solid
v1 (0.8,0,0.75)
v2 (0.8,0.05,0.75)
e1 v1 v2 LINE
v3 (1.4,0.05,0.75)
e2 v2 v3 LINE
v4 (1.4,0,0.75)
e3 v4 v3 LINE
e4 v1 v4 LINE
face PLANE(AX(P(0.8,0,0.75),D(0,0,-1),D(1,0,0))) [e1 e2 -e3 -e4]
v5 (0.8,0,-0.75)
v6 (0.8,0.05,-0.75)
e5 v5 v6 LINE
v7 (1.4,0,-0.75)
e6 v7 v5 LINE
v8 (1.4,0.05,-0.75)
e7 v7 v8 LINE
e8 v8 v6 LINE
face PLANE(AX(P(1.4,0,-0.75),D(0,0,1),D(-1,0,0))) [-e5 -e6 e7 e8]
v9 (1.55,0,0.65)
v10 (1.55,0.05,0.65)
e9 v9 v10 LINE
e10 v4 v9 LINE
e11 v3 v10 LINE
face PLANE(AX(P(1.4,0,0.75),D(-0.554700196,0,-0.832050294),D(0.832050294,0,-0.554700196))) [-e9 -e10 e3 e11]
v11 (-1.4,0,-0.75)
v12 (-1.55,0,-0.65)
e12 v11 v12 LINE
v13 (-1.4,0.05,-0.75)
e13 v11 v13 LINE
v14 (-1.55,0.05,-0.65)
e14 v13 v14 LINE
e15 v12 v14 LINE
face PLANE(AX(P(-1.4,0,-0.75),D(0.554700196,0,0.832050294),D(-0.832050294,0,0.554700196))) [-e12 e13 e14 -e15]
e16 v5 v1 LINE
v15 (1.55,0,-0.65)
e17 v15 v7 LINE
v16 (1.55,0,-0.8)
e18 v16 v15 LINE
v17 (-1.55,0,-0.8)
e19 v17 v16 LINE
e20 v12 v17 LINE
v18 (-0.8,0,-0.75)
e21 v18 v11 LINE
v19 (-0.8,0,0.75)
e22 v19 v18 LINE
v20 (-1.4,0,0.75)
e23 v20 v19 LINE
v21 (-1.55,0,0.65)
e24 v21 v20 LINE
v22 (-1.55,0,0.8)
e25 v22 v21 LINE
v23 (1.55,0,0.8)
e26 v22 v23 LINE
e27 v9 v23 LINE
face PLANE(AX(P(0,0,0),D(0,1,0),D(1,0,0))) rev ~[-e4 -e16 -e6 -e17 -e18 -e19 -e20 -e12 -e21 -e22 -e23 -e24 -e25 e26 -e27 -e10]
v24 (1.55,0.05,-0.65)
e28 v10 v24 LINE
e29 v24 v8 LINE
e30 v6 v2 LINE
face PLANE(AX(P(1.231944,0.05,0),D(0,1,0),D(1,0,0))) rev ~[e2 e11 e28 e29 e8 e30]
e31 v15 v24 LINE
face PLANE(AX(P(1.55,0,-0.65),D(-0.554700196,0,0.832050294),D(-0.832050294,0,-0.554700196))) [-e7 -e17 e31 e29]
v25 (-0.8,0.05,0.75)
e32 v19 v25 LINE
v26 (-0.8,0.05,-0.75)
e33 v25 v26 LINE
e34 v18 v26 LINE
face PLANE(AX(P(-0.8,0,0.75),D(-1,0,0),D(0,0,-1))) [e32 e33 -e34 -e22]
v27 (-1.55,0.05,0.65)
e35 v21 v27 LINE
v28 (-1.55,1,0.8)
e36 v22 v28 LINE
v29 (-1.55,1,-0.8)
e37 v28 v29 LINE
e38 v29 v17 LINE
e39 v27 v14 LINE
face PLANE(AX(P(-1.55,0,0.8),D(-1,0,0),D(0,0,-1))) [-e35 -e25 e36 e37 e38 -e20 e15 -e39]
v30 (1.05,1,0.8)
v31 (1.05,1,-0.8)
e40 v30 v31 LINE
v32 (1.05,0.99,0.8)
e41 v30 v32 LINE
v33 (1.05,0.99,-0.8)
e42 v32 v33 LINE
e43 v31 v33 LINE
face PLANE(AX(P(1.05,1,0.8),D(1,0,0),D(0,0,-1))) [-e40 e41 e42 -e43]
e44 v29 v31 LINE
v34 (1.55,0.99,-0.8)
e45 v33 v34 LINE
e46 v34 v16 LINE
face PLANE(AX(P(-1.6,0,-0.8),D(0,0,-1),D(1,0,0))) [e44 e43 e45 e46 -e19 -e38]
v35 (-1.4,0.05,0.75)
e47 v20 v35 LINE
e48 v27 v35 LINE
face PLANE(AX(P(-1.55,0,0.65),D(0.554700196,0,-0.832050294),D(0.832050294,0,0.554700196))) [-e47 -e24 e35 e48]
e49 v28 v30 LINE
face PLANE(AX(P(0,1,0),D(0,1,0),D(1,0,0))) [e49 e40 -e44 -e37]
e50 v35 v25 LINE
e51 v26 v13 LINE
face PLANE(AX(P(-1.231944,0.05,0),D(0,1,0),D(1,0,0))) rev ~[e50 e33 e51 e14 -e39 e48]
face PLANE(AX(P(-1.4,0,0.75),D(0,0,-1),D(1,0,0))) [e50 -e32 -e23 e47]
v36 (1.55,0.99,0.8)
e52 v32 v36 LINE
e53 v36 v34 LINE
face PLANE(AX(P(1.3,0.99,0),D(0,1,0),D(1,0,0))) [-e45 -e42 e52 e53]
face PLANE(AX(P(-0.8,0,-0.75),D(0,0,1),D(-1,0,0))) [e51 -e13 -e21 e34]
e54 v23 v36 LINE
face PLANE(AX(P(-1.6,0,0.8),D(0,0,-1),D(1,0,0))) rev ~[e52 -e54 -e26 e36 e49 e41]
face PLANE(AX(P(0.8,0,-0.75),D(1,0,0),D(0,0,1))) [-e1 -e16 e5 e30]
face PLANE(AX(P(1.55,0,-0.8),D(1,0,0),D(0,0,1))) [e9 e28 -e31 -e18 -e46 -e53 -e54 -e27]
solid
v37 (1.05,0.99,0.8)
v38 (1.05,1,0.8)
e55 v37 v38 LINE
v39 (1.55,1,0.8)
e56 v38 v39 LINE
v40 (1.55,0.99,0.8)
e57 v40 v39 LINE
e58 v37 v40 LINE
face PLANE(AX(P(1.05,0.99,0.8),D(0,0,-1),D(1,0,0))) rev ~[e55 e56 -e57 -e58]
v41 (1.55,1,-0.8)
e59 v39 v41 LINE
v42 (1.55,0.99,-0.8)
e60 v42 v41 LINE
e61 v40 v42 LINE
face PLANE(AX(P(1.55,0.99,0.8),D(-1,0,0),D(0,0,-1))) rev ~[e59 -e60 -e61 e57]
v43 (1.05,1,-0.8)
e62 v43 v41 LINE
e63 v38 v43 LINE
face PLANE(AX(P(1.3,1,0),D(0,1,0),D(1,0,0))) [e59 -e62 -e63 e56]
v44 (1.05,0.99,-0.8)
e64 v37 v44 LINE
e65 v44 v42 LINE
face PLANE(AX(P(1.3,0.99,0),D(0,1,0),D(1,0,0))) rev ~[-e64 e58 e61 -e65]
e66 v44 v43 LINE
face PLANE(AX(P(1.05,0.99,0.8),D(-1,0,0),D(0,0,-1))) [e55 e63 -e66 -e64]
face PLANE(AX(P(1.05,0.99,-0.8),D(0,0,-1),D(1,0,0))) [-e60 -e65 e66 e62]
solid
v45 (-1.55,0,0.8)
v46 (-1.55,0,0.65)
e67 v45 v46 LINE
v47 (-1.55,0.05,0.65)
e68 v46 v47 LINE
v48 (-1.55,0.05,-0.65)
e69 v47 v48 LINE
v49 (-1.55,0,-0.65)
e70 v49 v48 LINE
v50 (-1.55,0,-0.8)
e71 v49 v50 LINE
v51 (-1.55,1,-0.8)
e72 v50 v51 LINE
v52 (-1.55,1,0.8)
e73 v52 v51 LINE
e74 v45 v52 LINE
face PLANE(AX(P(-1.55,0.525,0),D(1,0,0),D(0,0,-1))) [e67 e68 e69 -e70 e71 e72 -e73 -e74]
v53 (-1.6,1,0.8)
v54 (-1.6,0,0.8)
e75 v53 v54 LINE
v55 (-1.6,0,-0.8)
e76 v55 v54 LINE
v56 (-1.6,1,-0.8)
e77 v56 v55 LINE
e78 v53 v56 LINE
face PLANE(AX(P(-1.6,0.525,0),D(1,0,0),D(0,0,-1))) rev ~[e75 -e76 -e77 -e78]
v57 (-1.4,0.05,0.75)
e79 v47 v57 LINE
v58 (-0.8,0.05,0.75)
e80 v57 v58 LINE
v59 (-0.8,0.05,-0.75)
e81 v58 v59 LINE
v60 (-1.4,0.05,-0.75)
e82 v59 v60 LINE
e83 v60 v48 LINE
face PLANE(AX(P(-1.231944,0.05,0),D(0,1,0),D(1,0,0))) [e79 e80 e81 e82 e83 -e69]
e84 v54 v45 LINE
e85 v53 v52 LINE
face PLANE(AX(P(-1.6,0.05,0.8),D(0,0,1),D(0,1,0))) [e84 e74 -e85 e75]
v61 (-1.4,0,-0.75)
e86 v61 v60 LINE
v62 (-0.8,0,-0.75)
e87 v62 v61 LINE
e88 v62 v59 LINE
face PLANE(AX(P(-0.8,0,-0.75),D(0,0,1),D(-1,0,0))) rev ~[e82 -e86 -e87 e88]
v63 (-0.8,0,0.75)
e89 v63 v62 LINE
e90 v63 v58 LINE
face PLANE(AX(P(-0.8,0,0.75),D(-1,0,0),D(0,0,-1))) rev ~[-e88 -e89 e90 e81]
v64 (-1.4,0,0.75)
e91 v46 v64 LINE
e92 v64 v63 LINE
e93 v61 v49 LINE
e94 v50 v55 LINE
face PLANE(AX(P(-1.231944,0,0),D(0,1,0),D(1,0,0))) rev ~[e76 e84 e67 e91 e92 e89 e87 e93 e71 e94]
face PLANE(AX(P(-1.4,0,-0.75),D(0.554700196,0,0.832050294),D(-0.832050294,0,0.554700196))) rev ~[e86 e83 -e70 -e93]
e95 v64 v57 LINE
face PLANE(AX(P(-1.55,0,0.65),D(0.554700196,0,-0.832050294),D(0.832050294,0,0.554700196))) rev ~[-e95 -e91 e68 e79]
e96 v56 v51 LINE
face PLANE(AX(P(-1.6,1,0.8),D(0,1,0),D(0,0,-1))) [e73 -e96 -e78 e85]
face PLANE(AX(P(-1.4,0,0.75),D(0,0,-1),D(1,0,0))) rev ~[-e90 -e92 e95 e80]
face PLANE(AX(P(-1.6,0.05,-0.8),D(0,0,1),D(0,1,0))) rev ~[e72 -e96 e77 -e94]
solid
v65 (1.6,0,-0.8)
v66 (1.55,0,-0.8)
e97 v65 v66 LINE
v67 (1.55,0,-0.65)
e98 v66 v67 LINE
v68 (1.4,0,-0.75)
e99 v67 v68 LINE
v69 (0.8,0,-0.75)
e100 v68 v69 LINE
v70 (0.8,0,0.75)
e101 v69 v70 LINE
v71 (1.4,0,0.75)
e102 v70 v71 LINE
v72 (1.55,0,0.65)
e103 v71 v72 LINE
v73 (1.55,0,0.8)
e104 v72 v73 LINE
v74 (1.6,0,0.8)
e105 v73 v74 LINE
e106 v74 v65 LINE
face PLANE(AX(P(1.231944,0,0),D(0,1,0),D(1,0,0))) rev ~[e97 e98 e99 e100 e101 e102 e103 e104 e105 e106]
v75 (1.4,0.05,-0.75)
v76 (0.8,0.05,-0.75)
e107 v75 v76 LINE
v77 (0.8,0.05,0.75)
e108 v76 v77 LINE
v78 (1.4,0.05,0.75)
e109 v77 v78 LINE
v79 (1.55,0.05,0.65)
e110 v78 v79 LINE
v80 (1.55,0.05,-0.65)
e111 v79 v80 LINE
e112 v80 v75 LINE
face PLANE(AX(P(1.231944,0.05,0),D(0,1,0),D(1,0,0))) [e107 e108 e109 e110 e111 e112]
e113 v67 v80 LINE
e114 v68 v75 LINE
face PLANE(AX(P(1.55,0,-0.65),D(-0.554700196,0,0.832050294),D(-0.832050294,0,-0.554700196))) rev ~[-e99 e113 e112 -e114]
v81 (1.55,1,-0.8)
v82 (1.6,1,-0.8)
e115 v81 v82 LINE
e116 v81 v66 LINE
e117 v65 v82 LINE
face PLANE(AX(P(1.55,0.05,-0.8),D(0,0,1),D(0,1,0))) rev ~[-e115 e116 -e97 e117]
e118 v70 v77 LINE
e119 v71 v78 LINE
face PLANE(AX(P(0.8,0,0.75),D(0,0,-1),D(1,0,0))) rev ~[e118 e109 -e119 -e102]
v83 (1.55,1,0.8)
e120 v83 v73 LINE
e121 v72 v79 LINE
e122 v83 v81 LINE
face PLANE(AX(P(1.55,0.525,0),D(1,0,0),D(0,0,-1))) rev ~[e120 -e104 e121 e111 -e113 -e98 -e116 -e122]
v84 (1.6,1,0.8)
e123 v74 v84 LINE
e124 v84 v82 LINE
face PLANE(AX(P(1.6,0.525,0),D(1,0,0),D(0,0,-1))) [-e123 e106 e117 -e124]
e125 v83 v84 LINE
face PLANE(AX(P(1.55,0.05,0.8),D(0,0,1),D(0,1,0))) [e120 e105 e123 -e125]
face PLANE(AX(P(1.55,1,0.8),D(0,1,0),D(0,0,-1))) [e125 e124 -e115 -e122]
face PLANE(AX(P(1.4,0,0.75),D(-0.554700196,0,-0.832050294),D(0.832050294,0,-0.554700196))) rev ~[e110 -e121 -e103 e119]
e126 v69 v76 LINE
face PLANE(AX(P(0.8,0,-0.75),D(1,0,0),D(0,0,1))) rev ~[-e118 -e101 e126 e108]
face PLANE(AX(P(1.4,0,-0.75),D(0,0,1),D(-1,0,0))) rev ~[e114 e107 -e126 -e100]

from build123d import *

# Parameters (mm, degrees)
SKETCH1_W             = 3.2
SKETCH1_H             = 1.6
BOSS_EXTRUDE1_DEPTH   = 1
CUT_EXTRUDE2_DEPTH    = 0.05
BOSS_EXTRUDE2_DEPTH   = 0.05
BOSS_EXTRUDE2_2_DEPTH = 0.05
CUT_EXTRUDE3_START    = 1.6
SKETCH3_W             = 1.6
SKETCH3_H             = 0.95
CUT_EXTRUDE3_DEPTH    = 0.05
BOSS_EXTRUDE3_START   = 1.55
SKETCH3_2_W           = 1.6
SKETCH3_2_H           = 0.95
BOSS_EXTRUDE3_DEPTH   = 0.05
CUT_EXTRUDE4_START    = -1.6
SKETCH3_3_W           = 1.6
SKETCH3_3_H           = 0.95
CUT_EXTRUDE4_DEPTH    = 0.05
BOSS_EXTRUDE4_START   = -1.6
SKETCH3_4_W           = 1.6
SKETCH3_4_H           = 0.95
BOSS_EXTRUDE4_DEPTH   = 0.05
CUT_EXTRUDE5_START    = 1
SKETCH5_W             = 0.5
SKETCH5_H             = 1.6
CUT_EXTRUDE5_DEPTH    = 0.01
BOSS_EXTRUDE5_START   = 0.99
SKETCH5_2_W           = 0.5
SKETCH5_2_H           = 1.6
BOSS_EXTRUDE5_DEPTH   = 0.01


with BuildPart() as part:
    # Sketch1 → Boss-Extrude1 (new body)
    with BuildSketch(Plane(origin=(0, 0, 0), x_dir=(1, 0, 0), z_dir=(0, 1, 0))):
        Rectangle(SKETCH1_W, SKETCH1_H)
    extrude(amount=BOSS_EXTRUDE1_DEPTH)

    # Sketch2 → Cut-Extrude2 (cut)
    with BuildSketch(Plane(origin=(0, 0, 0), x_dir=(1, 0, 0), z_dir=(0, 1, 0))):
        Polygon((-0.8, -0.75), (-0.8, 0.75), (-1.4, 0.75), (-1.55, 0.65), (-1.55, 0.8), (-1.6, 0.8), (-1.6, -0.8), (-1.55, -0.8), (-1.55, -0.65), (-1.4, -0.75), align=None)
        Polygon((1.55, 0.65), (1.4, 0.75), (0.8, 0.75), (0.8, -0.75), (1.4, -0.75), (1.55, -0.65), (1.55, -0.8), (1.6, -0.8), (1.6, 0.8), (1.55, 0.8), align=None)
    extrude(amount=CUT_EXTRUDE2_DEPTH, mode=Mode.SUBTRACT)

    # Sketch3 → Cut-Extrude3 (cut)
    with BuildSketch(Plane(origin=(0, 0, 0), x_dir=(0, 0, -1), z_dir=(1, 0, 0)).offset(CUT_EXTRUDE3_START)):
        with Locations((0, 0.525)):
            Rectangle(SKETCH3_W, SKETCH3_H)
    extrude(amount=-CUT_EXTRUDE3_DEPTH, mode=Mode.SUBTRACT)

    # Sketch3<3> → Cut-Extrude4 (cut)
    with BuildSketch(Plane(origin=(0, 0, 0), x_dir=(0, 0, -1), z_dir=(1, 0, 0)).offset(CUT_EXTRUDE4_START)):
        with Locations((0, 0.525)):
            Rectangle(SKETCH3_3_W, SKETCH3_3_H)
    extrude(amount=CUT_EXTRUDE4_DEPTH, mode=Mode.SUBTRACT)

    # Sketch5 → Cut-Extrude5 (cut)
    with BuildSketch(Plane(origin=(0, 0, 0), x_dir=(1, 0, 0), z_dir=(0, 1, 0)).offset(CUT_EXTRUDE5_START)):
        with Locations((1.3, 0)):
            Rectangle(SKETCH5_W, SKETCH5_H)
    extrude(amount=-CUT_EXTRUDE5_DEPTH, mode=Mode.SUBTRACT)


with BuildPart() as body_2:
    # Sketch2<2> → Boss-Extrude2 (new body)
    with BuildSketch(Plane(origin=(0, 0, 0), x_dir=(1, 0, 0), z_dir=(0, 1, 0))):
        Polygon((-0.8, -0.75), (-0.8, 0.75), (-1.4, 0.75), (-1.55, 0.65), (-1.55, 0.8), (-1.6, 0.8), (-1.6, -0.8), (-1.55, -0.8), (-1.55, -0.65), (-1.4, -0.75), align=None)
    extrude(amount=BOSS_EXTRUDE2_DEPTH)

    # Sketch3<4> → Boss-Extrude4 (add)
    with BuildSketch(Plane(origin=(0, 0, 0), x_dir=(0, 0, -1), z_dir=(1, 0, 0)).offset(BOSS_EXTRUDE4_START)):
        with Locations((0, 0.525)):
            Rectangle(SKETCH3_4_W, SKETCH3_4_H)
    extrude(amount=BOSS_EXTRUDE4_DEPTH)


with BuildPart() as body_3:
    # Sketch2<2> → Boss-Extrude2 2 (new body)
    with BuildSketch(Plane(origin=(0, 0, 0), x_dir=(1, 0, 0), z_dir=(0, 1, 0))):
        Polygon((1.55, 0.65), (1.4, 0.75), (0.8, 0.75), (0.8, -0.75), (1.4, -0.75), (1.55, -0.65), (1.55, -0.8), (1.6, -0.8), (1.6, 0.8), (1.55, 0.8), align=None)
    extrude(amount=BOSS_EXTRUDE2_2_DEPTH)

    # Sketch3<2> → Boss-Extrude3 (add)
    with BuildSketch(Plane(origin=(0, 0, 0), x_dir=(0, 0, -1), z_dir=(1, 0, 0)).offset(BOSS_EXTRUDE3_START)):
        with Locations((0, 0.525)):
            Rectangle(SKETCH3_2_W, SKETCH3_2_H)
    extrude(amount=BOSS_EXTRUDE3_DEPTH)


with BuildPart() as body_4:
    # Sketch5<2> → Boss-Extrude5 (new body)
    with BuildSketch(Plane(origin=(0, 0, 0), x_dir=(1, 0, 0), z_dir=(0, 1, 0)).offset(BOSS_EXTRUDE5_START)):
        with Locations((1.3, 0)):
            Rectangle(SKETCH5_2_W, SKETCH5_2_H)
    extrude(amount=BOSS_EXTRUDE5_DEPTH)


solid = Compound([part.part, body_2.part, body_3.part, body_4.part])
